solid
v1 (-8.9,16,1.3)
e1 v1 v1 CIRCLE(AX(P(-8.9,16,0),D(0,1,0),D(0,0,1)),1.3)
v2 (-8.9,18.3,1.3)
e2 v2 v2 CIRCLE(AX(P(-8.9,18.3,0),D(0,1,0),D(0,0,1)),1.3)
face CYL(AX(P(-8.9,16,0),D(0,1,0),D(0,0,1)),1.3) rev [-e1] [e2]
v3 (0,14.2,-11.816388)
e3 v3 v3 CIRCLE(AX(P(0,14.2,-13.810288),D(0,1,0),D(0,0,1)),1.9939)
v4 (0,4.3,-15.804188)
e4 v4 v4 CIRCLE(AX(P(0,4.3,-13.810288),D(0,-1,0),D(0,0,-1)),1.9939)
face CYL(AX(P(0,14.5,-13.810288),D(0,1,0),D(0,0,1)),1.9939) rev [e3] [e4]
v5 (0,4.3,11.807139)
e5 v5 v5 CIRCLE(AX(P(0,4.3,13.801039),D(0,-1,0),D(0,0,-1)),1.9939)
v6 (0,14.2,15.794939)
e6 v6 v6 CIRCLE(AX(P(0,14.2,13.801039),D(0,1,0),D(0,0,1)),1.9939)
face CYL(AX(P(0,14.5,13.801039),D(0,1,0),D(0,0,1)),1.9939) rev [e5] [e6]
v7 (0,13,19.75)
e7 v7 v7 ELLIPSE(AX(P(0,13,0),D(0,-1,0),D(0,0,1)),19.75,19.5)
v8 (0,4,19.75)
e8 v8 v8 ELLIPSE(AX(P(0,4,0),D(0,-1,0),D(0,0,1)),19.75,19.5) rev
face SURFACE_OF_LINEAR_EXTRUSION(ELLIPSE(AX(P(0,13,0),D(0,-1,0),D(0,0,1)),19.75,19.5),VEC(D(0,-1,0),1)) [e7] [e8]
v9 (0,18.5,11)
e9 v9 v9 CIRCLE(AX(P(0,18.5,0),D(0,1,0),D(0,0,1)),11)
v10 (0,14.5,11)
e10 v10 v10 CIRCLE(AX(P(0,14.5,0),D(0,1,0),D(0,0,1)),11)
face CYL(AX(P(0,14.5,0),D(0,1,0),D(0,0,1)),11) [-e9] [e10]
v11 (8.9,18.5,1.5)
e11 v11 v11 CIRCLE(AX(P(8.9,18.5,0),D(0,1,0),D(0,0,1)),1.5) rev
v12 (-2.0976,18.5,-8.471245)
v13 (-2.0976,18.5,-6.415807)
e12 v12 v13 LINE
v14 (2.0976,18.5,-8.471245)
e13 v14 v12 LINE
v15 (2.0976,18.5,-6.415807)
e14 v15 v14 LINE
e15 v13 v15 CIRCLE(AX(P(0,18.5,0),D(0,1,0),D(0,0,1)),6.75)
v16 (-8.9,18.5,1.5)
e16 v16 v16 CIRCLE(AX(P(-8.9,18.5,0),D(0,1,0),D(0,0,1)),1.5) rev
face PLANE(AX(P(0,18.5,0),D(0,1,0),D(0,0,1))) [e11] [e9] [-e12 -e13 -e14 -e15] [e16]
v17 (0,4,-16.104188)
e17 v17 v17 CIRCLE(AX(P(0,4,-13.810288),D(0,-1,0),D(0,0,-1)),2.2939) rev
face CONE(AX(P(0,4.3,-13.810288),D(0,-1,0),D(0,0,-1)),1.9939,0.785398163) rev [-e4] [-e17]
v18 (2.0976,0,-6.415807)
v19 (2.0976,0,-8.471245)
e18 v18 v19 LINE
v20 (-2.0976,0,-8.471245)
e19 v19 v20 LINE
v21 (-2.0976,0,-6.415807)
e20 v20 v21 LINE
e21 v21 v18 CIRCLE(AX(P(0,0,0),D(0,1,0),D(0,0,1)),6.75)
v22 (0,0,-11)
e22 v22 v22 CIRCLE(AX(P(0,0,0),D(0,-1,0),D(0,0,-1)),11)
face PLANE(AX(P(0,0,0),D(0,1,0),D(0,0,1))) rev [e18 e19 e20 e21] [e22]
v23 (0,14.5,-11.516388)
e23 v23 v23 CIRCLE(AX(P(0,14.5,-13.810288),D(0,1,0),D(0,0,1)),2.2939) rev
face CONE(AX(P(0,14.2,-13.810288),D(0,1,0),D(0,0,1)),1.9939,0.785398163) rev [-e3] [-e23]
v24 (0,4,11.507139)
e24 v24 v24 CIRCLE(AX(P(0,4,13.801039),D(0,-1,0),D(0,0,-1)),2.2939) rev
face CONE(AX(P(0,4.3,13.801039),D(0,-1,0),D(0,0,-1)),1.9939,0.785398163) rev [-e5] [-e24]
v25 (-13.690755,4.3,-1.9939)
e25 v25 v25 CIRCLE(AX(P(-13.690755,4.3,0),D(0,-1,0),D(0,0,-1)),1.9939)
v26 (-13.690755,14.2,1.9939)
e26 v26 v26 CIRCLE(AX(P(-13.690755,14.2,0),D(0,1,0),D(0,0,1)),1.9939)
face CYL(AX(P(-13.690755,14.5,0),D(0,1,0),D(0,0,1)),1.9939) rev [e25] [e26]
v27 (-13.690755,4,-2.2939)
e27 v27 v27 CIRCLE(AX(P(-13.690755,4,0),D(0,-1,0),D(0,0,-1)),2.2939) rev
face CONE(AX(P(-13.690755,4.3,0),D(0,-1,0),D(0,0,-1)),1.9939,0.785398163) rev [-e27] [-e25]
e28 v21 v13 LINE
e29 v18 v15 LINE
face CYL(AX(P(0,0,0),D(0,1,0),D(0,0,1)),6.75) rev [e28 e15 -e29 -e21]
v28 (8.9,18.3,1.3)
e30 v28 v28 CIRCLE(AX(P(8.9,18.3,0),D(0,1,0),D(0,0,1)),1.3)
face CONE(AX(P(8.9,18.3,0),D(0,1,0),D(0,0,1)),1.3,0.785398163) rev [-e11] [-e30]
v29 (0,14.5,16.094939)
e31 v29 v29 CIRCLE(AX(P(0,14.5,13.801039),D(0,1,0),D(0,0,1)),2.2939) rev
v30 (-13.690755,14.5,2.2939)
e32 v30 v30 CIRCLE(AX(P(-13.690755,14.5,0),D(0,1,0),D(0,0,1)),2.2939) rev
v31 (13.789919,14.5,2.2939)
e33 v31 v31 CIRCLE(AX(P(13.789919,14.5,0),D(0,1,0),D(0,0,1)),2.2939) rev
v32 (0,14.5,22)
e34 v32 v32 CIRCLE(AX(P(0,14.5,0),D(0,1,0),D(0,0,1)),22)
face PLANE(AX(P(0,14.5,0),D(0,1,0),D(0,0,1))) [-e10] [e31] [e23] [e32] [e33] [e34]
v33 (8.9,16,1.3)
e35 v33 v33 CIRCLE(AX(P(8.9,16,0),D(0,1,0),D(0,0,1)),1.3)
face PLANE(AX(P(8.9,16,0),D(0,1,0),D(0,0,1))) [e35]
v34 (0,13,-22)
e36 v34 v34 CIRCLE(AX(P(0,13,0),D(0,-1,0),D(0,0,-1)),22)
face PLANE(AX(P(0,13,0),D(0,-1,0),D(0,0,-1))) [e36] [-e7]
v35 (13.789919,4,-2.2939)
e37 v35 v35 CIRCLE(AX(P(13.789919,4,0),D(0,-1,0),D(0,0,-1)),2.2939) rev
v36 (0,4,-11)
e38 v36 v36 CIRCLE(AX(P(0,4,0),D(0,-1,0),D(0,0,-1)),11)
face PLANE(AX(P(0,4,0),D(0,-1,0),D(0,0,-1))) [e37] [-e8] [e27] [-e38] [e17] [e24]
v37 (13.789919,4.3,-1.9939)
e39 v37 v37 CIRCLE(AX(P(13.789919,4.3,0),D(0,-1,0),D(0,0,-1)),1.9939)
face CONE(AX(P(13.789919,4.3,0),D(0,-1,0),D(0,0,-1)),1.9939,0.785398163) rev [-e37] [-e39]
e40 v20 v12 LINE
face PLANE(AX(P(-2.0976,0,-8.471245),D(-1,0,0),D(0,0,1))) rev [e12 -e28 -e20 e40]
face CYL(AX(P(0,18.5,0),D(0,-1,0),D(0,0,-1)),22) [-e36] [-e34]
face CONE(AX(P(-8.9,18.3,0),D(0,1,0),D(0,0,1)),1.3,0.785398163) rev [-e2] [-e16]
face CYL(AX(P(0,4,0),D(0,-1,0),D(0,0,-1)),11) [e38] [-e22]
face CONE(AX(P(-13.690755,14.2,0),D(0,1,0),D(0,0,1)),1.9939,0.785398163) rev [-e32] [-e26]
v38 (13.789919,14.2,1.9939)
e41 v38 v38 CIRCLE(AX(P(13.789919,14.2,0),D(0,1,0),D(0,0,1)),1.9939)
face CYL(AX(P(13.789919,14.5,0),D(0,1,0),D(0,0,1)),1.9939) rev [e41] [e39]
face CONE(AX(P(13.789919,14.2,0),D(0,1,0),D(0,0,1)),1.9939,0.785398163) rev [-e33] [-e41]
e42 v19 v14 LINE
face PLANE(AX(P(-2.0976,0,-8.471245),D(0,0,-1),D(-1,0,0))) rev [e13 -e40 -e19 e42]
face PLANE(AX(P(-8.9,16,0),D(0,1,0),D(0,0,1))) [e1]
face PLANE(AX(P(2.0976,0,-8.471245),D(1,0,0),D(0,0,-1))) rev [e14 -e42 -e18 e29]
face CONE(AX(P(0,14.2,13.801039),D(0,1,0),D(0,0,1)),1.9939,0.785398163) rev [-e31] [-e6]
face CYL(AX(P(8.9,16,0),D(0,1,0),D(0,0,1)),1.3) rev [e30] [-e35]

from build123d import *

# Parameters (mm, degrees)
SKETCH_1_R          = 22
EXTRUDE_1_DEPTH     = 18.5
SKETCH_2_R          = 22
SKETCH_2_R_2        = 11
CUT_EXTRUDE_1_DEPTH = 4
SKETCH_4_R          = 22
SKETCH_4_RX         = 19.75
SKETCH_4_RY         = 19.5
CUT_EXTRUDE_2_DEPTH = 13
SKETCH_5_R          = 21.651989758
SKETCH_5_R_2        = 11
CUT_EXTRUDE_3_DEPTH = 4
CUT_EXTRUDE_4_DEPTH = 19.5
HOLE_WIZARD_1_1_D   = 3.9878
SKETCH_33_R         = 1.3
CUT_EXTRUDE_5_DEPTH = 2.5
CHAMFER_1_SIZE      = 0.3
CHAMFER_2_SIZE      = 0.2


with BuildPart() as part:
    # 草图1 → 凸台-拉伸1 (new body)
    with BuildSketch(Plane(origin=(0, 0, 0), x_dir=(1, 0, 0), z_dir=(0, 1, 0))):
        Circle(SKETCH_1_R)
    extrude(amount=EXTRUDE_1_DEPTH)

    # 草图2 → 切除-拉伸1 (cut)
    with BuildSketch(Plane(origin=(0, 18.5, 0), x_dir=(1, 0, 0), z_dir=(0, 1, 0))):
        Circle(SKETCH_2_R)
        Circle(SKETCH_2_R_2, mode=Mode.SUBTRACT)
    extrude(amount=-CUT_EXTRUDE_1_DEPTH, mode=Mode.SUBTRACT)

    # 草图4 → 切除-拉伸2 (cut)
    with BuildSketch(Plane.XZ):
        Circle(SKETCH_4_R)
        with Locations(Location((0, 0), (0, 0, 90))):
            Ellipse(SKETCH_4_RX, SKETCH_4_RY, mode=Mode.SUBTRACT)
    extrude(amount=-CUT_EXTRUDE_2_DEPTH, mode=Mode.SUBTRACT)

    # 草图5 → 切除-拉伸3 (cut)
    with BuildSketch(Plane.XZ):
        Circle(SKETCH_5_R)
        Circle(SKETCH_5_R_2, mode=Mode.SUBTRACT)
    extrude(amount=-CUT_EXTRUDE_3_DEPTH, mode=Mode.SUBTRACT)

    # 草图6 → 切除-拉伸4 (cut, through all)
    with BuildSketch(Plane(origin=(0, 18.5, 0), x_dir=(1, 0, 0), z_dir=(0, 1, 0))):
        with BuildLine():
            Line((-2.097599684, 8.471245207), (2.097599684, 8.471245207))
            Line((2.097599684, 8.471245207), (2.097599684, 6.415806697))
            ThreePointArc((2.097599684, 6.415806697), (0, -6.75), (-2.097599684, 6.415806697))
            Line((-2.097599684, 6.415806697), (-2.097599684, 8.471245207))
        make_face()
    extrude(amount=-CUT_EXTRUDE_4_DEPTH, mode=Mode.SUBTRACT)

    # #1 螺旋的螺纹孔钻头1 (through all)
    with Locations(Plane(origin=(0, 14.5, 0), x_dir=(1, 0, 0), z_dir=(0, 1, 0))):
        with Locations((0, 13.810288315), (-85.484743378, -69.881752856), (13.789919005, 0), (0, -13.801039256), (-13.69075507, 0)):
            Hole(HOLE_WIZARD_1_1_D / 2)

    # 草图33 → 切除-拉伸5 (cut)
    with BuildSketch(Plane(origin=(0, 18.5, 0), x_dir=(1, 0, 0), z_dir=(0, 1, 0))):
        with Locations((8.9, 0)):
            Circle(SKETCH_33_R)
        with Locations((-8.9, 0)):
            Circle(SKETCH_33_R)
    extrude(amount=-CUT_EXTRUDE_5_DEPTH, mode=Mode.SUBTRACT)

    # 倒角1
    chamfer_1_edges = [part.edges().sort_by_distance(p)[0] for p in [
        (-11.69685507, 4, 0),
        (-11.69685507, 14.5, 0),
        (1.9939, 4, 13.801039256),
        (1.9939, 14.5, 13.801039256),
        (15.783819005, 4, 0),
        (15.783819005, 14.5, 0),
        (1.9939, 4, -13.810288315),
        (1.9939, 14.5, -13.810288315),
    ]]
    chamfer(chamfer_1_edges, length=CHAMFER_1_SIZE)

    # 倒角2
    chamfer_2_edges = [part.edges().sort_by_distance(p)[0] for p in [
        (7.6, 18.5, 0),
        (-10.2, 18.5, 0),
    ]]
    chamfer(chamfer_2_edges, length=CHAMFER_2_SIZE)


solid = part.part
